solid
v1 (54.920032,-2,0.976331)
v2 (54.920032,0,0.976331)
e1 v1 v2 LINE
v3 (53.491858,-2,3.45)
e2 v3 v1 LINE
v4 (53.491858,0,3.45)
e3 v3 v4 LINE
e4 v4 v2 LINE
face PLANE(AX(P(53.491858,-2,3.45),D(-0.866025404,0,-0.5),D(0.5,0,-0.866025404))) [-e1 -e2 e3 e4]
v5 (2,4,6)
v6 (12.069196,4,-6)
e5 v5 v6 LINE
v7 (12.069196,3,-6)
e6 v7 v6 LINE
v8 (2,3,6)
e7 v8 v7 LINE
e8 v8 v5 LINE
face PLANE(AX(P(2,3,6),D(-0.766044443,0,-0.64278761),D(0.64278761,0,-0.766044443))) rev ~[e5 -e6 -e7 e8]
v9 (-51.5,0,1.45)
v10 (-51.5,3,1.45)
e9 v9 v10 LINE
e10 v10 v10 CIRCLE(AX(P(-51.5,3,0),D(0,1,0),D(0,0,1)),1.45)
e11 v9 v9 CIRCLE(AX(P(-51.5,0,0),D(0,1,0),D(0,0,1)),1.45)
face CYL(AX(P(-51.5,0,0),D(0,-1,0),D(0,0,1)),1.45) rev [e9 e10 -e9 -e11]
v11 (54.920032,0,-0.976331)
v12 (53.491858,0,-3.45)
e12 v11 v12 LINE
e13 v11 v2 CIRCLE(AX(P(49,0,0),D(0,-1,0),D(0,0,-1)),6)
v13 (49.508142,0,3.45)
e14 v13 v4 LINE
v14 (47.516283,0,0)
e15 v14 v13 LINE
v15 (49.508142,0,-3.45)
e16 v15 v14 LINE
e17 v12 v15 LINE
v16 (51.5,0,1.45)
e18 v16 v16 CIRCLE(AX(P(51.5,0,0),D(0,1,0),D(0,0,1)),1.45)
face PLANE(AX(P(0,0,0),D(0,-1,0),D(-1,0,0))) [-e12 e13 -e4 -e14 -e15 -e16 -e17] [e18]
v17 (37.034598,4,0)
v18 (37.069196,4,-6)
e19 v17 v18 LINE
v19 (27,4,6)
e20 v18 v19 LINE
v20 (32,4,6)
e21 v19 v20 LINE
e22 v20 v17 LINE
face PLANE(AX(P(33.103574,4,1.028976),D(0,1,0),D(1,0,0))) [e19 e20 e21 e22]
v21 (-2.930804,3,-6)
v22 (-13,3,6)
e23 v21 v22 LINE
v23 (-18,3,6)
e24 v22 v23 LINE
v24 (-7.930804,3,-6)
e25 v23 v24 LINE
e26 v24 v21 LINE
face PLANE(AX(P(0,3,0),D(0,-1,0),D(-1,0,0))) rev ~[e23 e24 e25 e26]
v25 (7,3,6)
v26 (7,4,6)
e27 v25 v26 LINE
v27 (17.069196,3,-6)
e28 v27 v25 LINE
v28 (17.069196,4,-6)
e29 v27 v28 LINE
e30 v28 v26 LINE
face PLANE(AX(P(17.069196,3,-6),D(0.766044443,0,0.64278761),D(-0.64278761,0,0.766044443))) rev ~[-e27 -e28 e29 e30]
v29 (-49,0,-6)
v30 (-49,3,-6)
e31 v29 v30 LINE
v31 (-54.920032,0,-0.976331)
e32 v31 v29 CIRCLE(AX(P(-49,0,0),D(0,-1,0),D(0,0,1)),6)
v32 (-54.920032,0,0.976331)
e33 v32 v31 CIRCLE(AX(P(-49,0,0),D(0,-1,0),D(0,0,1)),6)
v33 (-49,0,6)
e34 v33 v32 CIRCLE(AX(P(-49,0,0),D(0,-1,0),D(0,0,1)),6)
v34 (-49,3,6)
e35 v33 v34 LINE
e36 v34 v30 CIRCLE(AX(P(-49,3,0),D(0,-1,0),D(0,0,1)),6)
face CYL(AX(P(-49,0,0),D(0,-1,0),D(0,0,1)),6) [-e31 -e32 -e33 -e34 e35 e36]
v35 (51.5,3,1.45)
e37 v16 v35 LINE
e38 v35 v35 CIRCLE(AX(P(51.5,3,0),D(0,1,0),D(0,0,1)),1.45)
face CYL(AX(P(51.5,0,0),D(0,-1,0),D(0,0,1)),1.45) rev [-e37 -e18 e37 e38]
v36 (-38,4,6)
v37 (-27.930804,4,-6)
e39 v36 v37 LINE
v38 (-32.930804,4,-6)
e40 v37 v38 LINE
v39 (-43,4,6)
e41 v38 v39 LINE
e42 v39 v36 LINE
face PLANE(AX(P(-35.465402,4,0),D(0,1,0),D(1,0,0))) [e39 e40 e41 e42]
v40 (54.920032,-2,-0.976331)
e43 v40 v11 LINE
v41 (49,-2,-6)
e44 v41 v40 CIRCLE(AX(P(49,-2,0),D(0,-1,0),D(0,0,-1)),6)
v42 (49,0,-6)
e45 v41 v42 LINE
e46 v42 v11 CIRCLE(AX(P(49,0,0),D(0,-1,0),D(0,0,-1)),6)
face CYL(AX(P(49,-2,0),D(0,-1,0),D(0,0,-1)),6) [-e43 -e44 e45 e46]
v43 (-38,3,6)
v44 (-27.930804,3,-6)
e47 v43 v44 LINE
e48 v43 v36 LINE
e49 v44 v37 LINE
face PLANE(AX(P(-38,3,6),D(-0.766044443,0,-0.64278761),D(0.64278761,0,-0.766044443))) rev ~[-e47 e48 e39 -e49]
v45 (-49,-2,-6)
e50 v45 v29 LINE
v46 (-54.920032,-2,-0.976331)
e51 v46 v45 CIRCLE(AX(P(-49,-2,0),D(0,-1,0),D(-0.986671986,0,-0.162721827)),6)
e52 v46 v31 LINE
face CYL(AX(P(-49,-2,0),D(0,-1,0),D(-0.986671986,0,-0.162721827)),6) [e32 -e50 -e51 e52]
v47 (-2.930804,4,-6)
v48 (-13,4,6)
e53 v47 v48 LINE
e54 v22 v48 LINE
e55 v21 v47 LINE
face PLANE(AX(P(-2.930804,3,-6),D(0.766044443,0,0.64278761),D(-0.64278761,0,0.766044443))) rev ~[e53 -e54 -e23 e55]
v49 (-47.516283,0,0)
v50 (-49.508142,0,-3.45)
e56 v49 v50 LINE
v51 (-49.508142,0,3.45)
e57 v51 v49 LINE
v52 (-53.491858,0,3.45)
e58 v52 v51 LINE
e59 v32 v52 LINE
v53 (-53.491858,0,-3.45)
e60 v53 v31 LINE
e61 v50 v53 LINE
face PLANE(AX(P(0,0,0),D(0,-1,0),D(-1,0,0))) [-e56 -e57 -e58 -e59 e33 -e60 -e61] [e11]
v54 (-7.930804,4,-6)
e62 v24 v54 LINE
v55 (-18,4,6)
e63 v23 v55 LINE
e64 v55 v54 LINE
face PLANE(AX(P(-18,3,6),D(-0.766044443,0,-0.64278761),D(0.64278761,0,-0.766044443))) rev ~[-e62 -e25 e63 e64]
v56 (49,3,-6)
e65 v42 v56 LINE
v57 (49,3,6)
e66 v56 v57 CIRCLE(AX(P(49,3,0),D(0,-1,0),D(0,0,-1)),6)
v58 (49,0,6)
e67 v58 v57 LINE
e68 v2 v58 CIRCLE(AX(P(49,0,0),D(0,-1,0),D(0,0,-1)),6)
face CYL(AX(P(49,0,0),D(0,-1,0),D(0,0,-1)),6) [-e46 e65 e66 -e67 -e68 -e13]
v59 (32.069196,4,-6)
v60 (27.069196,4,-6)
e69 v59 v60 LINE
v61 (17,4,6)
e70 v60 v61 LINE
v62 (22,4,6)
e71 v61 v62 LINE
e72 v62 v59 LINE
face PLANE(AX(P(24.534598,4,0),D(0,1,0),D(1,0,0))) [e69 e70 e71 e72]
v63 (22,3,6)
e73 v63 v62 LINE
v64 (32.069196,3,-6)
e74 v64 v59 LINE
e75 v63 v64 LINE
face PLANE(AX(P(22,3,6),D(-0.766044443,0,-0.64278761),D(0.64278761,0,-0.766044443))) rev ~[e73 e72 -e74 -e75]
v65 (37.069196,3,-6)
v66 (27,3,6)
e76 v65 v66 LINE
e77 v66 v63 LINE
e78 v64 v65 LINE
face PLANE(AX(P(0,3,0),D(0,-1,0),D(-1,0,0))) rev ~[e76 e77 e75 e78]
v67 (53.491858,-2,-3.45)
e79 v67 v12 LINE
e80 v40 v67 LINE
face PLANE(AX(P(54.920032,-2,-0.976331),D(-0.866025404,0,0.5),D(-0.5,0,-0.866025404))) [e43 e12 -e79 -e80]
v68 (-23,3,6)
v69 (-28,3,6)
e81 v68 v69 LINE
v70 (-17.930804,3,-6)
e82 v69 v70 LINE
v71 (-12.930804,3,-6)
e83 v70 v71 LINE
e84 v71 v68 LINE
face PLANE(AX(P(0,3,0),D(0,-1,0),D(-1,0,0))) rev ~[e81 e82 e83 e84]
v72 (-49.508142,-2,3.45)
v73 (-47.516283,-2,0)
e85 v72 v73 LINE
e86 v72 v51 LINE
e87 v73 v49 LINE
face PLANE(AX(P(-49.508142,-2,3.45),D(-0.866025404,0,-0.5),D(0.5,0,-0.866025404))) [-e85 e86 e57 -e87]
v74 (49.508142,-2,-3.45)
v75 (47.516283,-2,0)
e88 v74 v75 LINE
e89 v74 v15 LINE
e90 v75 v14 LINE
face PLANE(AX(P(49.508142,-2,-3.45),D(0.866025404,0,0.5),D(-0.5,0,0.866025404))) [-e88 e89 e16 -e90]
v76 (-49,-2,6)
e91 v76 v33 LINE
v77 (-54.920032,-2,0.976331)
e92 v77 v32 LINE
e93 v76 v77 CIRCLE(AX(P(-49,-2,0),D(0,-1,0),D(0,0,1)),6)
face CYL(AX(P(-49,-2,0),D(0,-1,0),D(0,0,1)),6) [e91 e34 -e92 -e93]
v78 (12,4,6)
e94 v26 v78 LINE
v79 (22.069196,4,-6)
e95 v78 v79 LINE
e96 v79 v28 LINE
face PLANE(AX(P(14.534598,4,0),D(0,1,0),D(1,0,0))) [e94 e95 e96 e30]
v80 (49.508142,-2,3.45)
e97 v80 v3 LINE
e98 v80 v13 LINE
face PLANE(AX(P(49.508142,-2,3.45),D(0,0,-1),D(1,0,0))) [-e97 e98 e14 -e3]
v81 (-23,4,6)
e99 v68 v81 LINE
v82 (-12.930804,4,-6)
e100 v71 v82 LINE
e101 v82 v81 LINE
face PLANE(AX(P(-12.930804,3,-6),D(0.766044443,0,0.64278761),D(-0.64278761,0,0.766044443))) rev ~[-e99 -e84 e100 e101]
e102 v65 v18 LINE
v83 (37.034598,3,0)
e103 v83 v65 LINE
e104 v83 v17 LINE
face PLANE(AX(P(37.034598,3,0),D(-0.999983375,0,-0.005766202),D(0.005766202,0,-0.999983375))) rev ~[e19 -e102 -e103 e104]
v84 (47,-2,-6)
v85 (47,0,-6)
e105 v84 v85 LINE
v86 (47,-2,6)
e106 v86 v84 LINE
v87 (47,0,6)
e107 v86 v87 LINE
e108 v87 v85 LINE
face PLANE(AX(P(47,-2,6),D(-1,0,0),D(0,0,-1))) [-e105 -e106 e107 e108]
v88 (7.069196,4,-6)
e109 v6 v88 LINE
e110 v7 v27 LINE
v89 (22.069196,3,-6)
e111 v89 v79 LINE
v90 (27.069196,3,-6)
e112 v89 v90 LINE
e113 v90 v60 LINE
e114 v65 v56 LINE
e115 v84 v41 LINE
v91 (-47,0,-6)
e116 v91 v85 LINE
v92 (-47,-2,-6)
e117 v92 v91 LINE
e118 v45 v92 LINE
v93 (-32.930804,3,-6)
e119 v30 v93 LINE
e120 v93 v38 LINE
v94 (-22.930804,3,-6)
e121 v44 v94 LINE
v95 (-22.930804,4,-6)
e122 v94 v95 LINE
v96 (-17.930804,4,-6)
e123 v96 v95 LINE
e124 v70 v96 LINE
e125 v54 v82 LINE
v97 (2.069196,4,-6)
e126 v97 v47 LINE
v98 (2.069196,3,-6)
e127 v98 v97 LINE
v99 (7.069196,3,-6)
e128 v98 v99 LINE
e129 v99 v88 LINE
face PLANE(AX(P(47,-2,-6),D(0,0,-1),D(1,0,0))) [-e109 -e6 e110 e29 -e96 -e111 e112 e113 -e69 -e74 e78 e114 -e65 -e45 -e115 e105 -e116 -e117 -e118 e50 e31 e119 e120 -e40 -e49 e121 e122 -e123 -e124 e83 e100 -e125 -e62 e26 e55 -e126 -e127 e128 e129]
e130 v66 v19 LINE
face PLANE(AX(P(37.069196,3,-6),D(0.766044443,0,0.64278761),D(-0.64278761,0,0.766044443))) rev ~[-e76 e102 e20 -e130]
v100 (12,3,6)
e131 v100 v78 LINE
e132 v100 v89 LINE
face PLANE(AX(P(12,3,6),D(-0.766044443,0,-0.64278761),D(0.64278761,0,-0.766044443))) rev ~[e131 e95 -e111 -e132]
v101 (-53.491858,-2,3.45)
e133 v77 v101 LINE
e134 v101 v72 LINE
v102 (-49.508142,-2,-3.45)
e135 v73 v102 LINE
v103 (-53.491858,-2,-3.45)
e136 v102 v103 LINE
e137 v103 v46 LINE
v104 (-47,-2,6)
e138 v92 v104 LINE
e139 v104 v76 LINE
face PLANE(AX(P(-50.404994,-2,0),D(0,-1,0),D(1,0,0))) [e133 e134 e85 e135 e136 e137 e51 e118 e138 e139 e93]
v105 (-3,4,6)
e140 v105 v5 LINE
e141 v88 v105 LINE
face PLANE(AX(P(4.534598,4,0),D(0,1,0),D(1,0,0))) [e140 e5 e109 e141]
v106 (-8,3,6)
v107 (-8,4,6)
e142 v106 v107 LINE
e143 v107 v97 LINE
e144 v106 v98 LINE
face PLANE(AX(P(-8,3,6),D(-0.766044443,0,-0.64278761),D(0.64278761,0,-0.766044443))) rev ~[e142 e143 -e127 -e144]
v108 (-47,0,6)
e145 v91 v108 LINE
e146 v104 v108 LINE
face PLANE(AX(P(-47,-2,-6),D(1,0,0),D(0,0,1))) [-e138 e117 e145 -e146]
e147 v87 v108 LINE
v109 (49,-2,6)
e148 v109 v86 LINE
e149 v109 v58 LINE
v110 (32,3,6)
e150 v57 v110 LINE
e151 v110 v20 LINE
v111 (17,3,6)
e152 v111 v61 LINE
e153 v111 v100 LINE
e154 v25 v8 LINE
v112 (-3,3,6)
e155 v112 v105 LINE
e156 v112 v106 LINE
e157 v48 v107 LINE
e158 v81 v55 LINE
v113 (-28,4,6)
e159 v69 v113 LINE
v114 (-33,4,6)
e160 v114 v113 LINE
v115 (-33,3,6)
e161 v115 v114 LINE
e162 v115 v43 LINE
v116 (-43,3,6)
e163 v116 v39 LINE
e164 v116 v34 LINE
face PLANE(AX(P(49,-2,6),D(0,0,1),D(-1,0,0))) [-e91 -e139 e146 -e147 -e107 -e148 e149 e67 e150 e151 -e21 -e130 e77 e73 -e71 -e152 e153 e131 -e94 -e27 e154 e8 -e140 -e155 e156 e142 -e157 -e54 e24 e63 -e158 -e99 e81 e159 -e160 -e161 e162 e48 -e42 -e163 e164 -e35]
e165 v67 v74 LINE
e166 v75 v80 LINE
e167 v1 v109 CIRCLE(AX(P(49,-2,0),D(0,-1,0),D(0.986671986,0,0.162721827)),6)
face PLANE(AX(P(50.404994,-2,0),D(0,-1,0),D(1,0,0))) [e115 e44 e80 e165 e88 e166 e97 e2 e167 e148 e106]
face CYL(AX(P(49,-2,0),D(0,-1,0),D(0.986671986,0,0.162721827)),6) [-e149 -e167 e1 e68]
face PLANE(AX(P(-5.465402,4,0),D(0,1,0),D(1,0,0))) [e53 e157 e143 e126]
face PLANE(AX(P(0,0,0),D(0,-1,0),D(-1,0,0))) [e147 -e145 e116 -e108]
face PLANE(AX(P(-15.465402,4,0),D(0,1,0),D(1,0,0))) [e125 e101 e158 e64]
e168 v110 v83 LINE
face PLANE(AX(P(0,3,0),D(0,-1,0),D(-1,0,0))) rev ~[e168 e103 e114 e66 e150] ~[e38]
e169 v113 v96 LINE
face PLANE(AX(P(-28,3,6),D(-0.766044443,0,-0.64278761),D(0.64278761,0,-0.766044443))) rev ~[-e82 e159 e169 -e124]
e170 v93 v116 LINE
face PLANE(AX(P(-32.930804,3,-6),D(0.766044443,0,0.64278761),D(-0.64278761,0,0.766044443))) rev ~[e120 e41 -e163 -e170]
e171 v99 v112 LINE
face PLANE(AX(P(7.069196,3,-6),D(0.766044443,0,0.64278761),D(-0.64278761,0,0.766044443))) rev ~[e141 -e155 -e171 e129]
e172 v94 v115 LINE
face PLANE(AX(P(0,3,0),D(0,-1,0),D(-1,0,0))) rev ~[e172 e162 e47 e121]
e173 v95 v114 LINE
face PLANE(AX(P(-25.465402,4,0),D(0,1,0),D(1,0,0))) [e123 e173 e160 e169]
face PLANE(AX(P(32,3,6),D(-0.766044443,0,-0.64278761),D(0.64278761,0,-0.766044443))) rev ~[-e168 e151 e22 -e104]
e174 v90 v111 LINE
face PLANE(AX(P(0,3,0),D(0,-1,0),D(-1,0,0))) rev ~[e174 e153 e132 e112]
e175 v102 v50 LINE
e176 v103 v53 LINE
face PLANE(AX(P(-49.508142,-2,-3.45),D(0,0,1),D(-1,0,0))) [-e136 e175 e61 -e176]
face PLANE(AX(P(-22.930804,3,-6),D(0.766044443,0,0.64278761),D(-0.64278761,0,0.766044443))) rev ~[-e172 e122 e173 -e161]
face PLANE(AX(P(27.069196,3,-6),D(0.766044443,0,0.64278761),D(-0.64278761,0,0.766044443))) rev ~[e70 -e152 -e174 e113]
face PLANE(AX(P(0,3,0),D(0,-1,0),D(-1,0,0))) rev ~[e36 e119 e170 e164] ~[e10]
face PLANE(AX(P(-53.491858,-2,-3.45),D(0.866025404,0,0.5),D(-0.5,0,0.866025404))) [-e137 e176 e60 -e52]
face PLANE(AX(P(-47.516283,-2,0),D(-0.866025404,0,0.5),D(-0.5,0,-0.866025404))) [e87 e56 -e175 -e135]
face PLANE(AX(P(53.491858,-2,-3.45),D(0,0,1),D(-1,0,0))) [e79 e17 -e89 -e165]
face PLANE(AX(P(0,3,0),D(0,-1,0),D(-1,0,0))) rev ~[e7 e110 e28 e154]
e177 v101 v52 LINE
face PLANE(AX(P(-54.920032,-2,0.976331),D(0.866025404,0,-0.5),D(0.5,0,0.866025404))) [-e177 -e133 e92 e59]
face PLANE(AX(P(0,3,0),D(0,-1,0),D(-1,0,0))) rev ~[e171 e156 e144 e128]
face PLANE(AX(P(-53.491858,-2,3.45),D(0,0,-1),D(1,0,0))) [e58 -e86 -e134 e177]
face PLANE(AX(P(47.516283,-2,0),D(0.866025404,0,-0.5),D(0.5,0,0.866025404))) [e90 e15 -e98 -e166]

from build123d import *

# Parameters (mm, degrees)
SKETCH1_R           = 1.45
BOSS_EXTRUDE1_DEPTH = 3
BOSS_EXTRUDE2_START = 2
BOSS_EXTRUDE2_DEPTH = 2
BOSS_EXTRUDE3_DEPTH = 1


with BuildPart() as part:
    # Sketch1 → Boss-Extrude1 (new body)
    with BuildSketch(Plane(origin=(0, 0, 0), x_dir=(1, 0, 0), z_dir=(0, 1, 0))):
        with BuildLine():
            Line((-49, 6), (49, 6))
            ThreePointArc((49, 6), (55, 0), (49, -6))
            Line((49, -6), (-49, -6))
            ThreePointArc((-49, -6), (-55, 0), (-49, 6))
        make_face()
        with Locations(Location((-51.5, 0, 0), (0, 0, 270))):
            Circle(SKETCH1_R, mode=Mode.SUBTRACT)
        with Locations(Location((51.5, 0, 0), (0, 0, 270))):
            Circle(SKETCH1_R, mode=Mode.SUBTRACT)
    extrude(amount=BOSS_EXTRUDE1_DEPTH)

    # Sketch2 → Boss-Extrude2 (add)
    with BuildSketch(Plane.XZ.offset(BOSS_EXTRUDE2_START)):
        with BuildLine():
            Line((54.920031913, -0.976330963), (53.491858429, -3.45))
            Line((53.491858429, -3.45), (49.508141571, -3.45))
            Line((49.508141571, -3.45), (47.516283143, 0))
            Line((47.516283143, 0), (49.508141571, 3.45))
            Line((49.508141571, 3.45), (53.491858429, 3.45))
            Line((53.491858429, 3.45), (54.920031913, 0.976330963))
            ThreePointArc((54.920031913, 0.976330963), (52.882139502, 4.574821624), (49, 6))
            Line((49, 6), (47, 6))
            Line((47, 6), (47, -6))
            Line((47, -6), (49, -6))
            ThreePointArc((49, -6), (52.882139502, -4.574821624), (54.920031913, -0.976330963))
        make_face()
        with BuildLine():
            Line((-49, -6), (-47, -6))
            Line((-47, -6), (-47, 6))
            Line((-47, 6), (-49, 6))
            ThreePointArc((-49, 6), (-52.882139502, 4.574821624), (-54.920031913, 0.976330963))
            Line((-54.920031913, 0.976330963), (-53.491858429, 3.45))
            Line((-53.491858429, 3.45), (-49.508141571, 3.45))
            Line((-49.508141571, 3.45), (-47.516283143, 0))
            Line((-47.516283143, 0), (-49.508141571, -3.45))
            Line((-49.508141571, -3.45), (-53.491858429, -3.45))
            Line((-53.491858429, -3.45), (-54.920031913, -0.976330963))
            ThreePointArc((-54.920031913, -0.976330963), (-52.882139502, -4.574821624), (-49, -6))
        make_face()
    extrude(amount=-BOSS_EXTRUDE2_DEPTH)

    # Sketch3 → Boss-Extrude3 (add)
    with BuildSketch(Plane(origin=(0, 3, 0), x_dir=(1, 0, 0), z_dir=(0, 1, 0))):
        Polygon((-32.930804426, 6), (-43, -6), (-38, -6), (-27.930804426, 6), align=None)
        Polygon((-17.930804426, 6), (-22.930804426, 6), (-33, -6), (-28, -6), align=None)
        Polygon((-7.930804426, 6), (-12.930804426, 6), (-23, -6), (-18, -6), align=None)
        Polygon((2.069195574, 6), (-2.930804426, 6), (-13, -6), (-8, -6), align=None)
        Polygon((12.069195574, 6), (7.069195574, 6), (-3, -6), (2, -6), align=None)
        Polygon((22.069195574, 6), (17.069195574, 6), (7, -6), (12, -6), align=None)
        Polygon((32.069195574, 6), (27.069195574, 6), (17, -6), (22, -6), align=None)
        Polygon((37.069195574, 6), (27, -6), (32, -6), (37.034597787, 0), align=None)
    extrude(amount=BOSS_EXTRUDE3_DEPTH)


solid = part.part
